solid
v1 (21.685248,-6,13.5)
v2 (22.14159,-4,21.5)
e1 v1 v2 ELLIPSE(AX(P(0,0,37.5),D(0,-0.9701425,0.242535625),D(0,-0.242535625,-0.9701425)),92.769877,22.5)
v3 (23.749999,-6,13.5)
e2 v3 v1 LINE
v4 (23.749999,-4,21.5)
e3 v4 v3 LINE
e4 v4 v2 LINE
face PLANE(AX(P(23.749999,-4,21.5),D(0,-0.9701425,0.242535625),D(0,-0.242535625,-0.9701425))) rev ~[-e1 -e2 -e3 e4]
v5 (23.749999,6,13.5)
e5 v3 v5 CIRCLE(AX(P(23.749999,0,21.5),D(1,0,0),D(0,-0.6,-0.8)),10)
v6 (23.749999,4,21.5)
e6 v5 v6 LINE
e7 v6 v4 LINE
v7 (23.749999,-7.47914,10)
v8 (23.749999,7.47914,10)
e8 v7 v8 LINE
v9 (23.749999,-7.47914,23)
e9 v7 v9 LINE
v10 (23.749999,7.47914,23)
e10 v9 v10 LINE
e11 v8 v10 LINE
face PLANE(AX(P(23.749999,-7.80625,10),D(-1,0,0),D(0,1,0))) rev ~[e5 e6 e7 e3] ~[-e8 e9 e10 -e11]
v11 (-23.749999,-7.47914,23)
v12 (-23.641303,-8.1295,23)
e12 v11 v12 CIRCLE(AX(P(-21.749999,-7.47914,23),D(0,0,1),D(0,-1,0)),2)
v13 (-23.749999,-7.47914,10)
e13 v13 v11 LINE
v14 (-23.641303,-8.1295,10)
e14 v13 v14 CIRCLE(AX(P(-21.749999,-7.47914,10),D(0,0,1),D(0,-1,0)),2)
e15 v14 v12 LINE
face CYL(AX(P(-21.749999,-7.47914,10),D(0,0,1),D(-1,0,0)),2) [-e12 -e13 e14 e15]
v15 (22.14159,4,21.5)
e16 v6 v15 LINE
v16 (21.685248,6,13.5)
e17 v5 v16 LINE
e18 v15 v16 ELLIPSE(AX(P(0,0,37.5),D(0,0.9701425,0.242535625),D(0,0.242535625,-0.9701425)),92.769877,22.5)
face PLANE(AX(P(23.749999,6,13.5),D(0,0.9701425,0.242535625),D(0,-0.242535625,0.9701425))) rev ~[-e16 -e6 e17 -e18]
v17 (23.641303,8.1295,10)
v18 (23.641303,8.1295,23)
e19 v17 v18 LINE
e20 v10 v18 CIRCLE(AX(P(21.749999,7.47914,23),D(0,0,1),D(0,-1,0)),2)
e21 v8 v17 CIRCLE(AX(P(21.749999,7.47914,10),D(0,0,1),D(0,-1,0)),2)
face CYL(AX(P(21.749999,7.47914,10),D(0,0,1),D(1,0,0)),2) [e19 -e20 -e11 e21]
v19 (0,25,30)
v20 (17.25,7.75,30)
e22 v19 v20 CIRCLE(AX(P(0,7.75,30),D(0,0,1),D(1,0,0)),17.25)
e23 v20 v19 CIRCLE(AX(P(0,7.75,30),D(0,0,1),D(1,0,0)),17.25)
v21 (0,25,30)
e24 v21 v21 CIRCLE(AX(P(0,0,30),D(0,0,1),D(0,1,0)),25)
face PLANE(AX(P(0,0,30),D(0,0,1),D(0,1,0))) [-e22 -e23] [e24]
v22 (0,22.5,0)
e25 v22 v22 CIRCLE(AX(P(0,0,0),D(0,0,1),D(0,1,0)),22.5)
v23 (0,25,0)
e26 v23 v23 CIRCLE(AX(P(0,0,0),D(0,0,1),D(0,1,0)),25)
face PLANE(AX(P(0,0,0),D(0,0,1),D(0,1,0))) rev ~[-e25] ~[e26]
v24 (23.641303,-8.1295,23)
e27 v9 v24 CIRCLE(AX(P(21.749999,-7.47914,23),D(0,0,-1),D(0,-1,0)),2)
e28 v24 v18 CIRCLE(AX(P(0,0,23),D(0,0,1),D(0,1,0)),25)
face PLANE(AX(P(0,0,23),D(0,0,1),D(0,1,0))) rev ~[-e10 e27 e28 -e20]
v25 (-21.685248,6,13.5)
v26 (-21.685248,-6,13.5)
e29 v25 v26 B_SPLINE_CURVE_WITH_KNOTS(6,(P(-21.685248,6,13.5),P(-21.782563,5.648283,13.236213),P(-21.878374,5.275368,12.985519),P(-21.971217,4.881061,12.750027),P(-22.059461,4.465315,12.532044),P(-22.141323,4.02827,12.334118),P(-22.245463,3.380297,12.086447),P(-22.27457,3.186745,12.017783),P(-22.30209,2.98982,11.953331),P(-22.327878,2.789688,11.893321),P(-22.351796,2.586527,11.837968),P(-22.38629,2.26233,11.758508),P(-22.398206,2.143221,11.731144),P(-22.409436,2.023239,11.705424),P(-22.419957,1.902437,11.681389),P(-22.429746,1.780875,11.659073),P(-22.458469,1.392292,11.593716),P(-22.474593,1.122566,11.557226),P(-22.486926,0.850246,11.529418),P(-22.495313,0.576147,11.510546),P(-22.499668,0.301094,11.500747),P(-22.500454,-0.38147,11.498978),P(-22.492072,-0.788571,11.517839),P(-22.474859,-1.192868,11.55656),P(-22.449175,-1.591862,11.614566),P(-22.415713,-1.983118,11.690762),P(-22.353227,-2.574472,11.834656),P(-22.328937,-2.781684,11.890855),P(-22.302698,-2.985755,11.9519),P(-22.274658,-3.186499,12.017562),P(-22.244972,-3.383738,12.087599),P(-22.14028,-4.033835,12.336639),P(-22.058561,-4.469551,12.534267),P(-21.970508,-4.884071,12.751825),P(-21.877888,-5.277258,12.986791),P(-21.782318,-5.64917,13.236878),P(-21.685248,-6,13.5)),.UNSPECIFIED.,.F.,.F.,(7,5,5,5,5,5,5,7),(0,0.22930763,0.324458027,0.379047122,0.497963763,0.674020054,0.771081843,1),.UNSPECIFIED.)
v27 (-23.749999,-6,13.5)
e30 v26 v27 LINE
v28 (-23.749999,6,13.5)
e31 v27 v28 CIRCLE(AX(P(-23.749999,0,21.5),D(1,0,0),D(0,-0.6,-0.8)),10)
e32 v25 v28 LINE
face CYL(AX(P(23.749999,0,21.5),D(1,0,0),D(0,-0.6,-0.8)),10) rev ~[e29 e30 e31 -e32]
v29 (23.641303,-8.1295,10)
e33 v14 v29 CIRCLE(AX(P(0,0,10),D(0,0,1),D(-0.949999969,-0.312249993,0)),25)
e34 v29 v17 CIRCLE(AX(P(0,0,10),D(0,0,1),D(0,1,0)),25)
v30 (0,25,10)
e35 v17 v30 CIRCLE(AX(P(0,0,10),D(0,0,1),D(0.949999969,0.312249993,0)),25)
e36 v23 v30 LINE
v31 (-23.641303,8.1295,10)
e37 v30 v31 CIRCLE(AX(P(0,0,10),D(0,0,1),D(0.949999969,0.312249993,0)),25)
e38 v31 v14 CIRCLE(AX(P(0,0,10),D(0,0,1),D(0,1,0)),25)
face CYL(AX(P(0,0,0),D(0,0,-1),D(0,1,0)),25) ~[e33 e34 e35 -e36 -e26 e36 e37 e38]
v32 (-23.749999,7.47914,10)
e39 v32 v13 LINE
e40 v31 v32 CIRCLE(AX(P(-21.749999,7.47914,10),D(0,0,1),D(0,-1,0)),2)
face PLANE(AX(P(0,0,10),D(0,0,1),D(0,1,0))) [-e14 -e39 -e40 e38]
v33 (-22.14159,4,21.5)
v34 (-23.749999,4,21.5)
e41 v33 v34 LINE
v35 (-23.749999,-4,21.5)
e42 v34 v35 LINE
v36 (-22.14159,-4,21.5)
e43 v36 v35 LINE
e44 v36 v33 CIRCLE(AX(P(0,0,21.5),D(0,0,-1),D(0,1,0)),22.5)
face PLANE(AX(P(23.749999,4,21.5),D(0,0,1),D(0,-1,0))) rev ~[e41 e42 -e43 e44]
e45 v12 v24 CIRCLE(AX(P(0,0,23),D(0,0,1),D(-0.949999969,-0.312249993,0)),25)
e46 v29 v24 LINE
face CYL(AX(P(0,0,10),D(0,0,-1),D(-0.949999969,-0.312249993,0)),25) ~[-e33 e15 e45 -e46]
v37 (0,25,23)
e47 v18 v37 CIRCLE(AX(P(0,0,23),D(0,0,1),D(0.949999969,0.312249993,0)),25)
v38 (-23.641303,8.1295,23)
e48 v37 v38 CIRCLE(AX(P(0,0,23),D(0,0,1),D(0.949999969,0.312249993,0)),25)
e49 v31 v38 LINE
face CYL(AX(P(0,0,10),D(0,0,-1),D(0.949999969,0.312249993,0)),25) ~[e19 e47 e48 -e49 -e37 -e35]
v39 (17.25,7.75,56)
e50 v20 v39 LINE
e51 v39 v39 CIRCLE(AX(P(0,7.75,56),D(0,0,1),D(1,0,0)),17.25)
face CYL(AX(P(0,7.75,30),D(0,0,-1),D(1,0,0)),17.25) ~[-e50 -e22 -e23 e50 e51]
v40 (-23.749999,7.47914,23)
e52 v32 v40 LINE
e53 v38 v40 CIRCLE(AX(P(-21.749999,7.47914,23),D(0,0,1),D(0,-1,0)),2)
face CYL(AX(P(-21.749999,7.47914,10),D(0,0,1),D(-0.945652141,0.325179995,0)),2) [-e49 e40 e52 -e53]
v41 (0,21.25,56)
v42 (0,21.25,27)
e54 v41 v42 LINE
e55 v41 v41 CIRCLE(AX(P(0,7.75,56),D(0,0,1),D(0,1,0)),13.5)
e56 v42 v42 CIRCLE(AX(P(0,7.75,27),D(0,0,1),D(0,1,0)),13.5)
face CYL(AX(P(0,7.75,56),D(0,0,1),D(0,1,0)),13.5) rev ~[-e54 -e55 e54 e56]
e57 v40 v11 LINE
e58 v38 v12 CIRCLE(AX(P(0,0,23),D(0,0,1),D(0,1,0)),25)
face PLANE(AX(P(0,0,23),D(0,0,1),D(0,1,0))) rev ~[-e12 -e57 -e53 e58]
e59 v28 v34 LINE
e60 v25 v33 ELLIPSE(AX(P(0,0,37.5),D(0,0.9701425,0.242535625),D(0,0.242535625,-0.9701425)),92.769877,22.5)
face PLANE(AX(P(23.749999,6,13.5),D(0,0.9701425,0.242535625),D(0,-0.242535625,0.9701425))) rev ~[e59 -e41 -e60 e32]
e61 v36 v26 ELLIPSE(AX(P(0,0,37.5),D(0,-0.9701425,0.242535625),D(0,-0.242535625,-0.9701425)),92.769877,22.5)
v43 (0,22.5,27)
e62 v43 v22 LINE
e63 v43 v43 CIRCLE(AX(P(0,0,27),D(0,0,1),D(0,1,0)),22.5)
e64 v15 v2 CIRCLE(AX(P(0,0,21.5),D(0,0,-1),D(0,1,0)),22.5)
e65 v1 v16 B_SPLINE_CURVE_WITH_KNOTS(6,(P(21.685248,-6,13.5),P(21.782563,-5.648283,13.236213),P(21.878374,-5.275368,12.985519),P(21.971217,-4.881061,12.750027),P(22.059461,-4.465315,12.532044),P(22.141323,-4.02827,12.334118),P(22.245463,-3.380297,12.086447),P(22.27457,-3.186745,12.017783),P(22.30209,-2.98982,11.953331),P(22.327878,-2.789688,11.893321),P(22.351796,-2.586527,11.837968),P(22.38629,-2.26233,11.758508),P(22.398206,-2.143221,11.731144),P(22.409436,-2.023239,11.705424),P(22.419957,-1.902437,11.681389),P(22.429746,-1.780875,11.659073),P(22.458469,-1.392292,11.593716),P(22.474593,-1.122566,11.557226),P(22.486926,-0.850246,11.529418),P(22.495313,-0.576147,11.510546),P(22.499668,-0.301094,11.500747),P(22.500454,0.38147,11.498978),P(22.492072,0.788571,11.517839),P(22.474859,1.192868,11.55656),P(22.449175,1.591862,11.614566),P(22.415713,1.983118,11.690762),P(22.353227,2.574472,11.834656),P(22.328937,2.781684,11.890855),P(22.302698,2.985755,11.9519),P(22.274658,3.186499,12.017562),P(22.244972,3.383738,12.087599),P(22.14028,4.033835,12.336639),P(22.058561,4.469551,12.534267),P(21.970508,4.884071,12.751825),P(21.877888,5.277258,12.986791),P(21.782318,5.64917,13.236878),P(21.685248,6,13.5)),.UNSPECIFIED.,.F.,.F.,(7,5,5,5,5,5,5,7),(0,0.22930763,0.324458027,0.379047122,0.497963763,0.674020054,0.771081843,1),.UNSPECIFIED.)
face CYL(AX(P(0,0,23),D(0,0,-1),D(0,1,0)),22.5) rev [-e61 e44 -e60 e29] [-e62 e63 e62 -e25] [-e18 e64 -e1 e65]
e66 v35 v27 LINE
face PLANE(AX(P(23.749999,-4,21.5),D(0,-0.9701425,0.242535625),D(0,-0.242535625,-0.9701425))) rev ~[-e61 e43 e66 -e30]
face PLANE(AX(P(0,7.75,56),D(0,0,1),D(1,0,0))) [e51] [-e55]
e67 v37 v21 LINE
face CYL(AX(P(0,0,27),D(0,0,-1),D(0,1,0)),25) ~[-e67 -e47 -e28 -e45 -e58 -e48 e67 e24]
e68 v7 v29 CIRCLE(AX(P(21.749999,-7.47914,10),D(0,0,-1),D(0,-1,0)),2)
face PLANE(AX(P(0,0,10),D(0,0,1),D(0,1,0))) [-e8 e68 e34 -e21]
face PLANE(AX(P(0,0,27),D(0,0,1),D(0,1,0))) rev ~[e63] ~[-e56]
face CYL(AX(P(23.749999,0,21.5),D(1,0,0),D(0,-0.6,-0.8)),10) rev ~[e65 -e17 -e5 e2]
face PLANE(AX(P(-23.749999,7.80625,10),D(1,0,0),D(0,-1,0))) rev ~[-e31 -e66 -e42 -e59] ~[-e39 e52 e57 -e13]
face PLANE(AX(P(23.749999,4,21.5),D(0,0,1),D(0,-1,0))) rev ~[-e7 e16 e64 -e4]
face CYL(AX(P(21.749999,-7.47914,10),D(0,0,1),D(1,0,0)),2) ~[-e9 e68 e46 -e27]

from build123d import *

# Parameters (mm, degrees)
FACE005_R        = 13.5
EXTRUDE006_DEPTH = 30
FACE003_R        = 25
EXTRUDE004_DEPTH = 3
EXTRUDE003_DEPTH = 47.5
OFFSET001_R      = 25
OFFSET001_R_2    = 22.5
EXTRUDE002_DEPTH = 4
FACE_R           = 25
FACE_R_2         = 22.5
EXTRUDE_DEPTH    = 10
OFFSET_R         = 22.5
EXTRUDE001_DEPTH = 13
FILLET_R         = 2
FILLET001_R      = 2
FILLET002_R      = 2
FILLET003_R      = 2
SKETCH004_R      = 17.25
EXTRUDE005_DEPTH = 26


with BuildPart() as extrude006:
    # Face005 → Extrude006 (new body)
    with BuildSketch(Plane(origin=(0, 7.75, 56), x_dir=(0, 1, 0), z_dir=(0, 0, 1))):
        Circle(FACE005_R)
    extrude(amount=-EXTRUDE006_DEPTH)


with BuildPart() as extrude004:
    # Face003 → Extrude004 (new body)
    with BuildSketch(Plane(origin=(0, 0, 27), x_dir=(0, 1, 0), z_dir=(0, 0, 1))):
        Circle(FACE003_R)
    extrude(amount=EXTRUDE004_DEPTH)


with BuildPart() as extrude003:
    # Face002 → Extrude003 (new body)
    with BuildSketch(Plane(origin=(23.749999, 0, 16.462815), x_dir=(0, -1, 0), z_dir=(1, 0, 0))):
        with BuildLine():
            Line((-4, -5.037185), (4, -5.037185))
            Line((4, -5.037185), (6, 2.962815))
            ThreePointArc((6, 2.962815), (0, 4.962815), (-6, 2.962815))
            Line((-6, 2.962815), (-4, -5.037185))
        make_face()
    extrude(amount=-EXTRUDE003_DEPTH)


with BuildPart() as extrude002:
    # Offset001 → Extrude002 (new body)
    with BuildSketch(Plane(origin=(0, 0, 23), x_dir=(0, 1, 0), z_dir=(0, 0, 1))):
        Circle(OFFSET001_R)
        Circle(OFFSET001_R_2, mode=Mode.SUBTRACT)
    extrude(amount=EXTRUDE002_DEPTH)


with BuildPart() as fusion:
    # Face → Extrude (new body)
    with BuildSketch(Plane(origin=(0, 0, 0), x_dir=(0, 1, 0), z_dir=(0, 0, 1))):
        Circle(FACE_R)
        Circle(FACE_R_2, mode=Mode.SUBTRACT)
    extrude(amount=EXTRUDE_DEPTH)

    # Fusion: union Extrude002
    add(extrude002.part)


with BuildPart() as fusion002:
    # Offset → Extrude001 (new body)
    with BuildSketch(Plane(origin=(0, 0, 10), x_dir=(0, 1, 0), z_dir=(0, 0, 1))):
        with BuildLine():
            ThreePointArc((7.80625, -23.749999), (25, 0), (7.80625, 23.749999))
            Line((7.80625, 23.749999), (-7.80625, 23.749999))
            ThreePointArc((-7.80625, 23.749999), (-25, 0), (-7.80625, -23.749999))
            Line((-7.80625, -23.749999), (7.80625, -23.749999))
        make_face()
        Circle(OFFSET_R, mode=Mode.SUBTRACT)
    extrude(amount=EXTRUDE001_DEPTH)

    # Fillet
    fillet_edges = [fusion002.edges().sort_by_distance(p)[0] for p in [
        (23.749999, -7.80625, 16.5),
    ]]
    fillet(fillet_edges, radius=FILLET_R)

    # Fillet001
    fillet001_edges = [fusion002.edges().sort_by_distance(p)[0] for p in [
        (23.749999, 7.80625, 16.5),
    ]]
    fillet(fillet001_edges, radius=FILLET001_R)

    # Fillet002
    fillet002_edges = [fusion002.edges().sort_by_distance(p)[0] for p in [
        (-23.749999, 7.80625, 16.5),
    ]]
    fillet(fillet002_edges, radius=FILLET002_R)

    # Fillet003
    fillet003_edges = [fusion002.edges().sort_by_distance(p)[0] for p in [
        (-23.749999, -7.80625, 16.5),
    ]]
    fillet(fillet003_edges, radius=FILLET003_R)

    # Fusion001: union Fusion
    add(fusion.part)

    # Cut: cut Extrude003
    add(extrude003.part, mode=Mode.SUBTRACT)

    # Fusion002: union Extrude004
    add(extrude004.part)


with BuildPart() as cut001:
    # Sketch004 (on Face3 of Extrude004) → Extrude005 (new body)
    with BuildSketch(Plane.XY.offset(30)):
        with Locations((0, 7.75)):
            Circle(SKETCH004_R)
    extrude(amount=EXTRUDE005_DEPTH)

    # Fusion003: union Fusion002
    add(fusion002.part)

    # Cut001: cut Extrude006
    add(extrude006.part, mode=Mode.SUBTRACT)


solid = cut001.part
